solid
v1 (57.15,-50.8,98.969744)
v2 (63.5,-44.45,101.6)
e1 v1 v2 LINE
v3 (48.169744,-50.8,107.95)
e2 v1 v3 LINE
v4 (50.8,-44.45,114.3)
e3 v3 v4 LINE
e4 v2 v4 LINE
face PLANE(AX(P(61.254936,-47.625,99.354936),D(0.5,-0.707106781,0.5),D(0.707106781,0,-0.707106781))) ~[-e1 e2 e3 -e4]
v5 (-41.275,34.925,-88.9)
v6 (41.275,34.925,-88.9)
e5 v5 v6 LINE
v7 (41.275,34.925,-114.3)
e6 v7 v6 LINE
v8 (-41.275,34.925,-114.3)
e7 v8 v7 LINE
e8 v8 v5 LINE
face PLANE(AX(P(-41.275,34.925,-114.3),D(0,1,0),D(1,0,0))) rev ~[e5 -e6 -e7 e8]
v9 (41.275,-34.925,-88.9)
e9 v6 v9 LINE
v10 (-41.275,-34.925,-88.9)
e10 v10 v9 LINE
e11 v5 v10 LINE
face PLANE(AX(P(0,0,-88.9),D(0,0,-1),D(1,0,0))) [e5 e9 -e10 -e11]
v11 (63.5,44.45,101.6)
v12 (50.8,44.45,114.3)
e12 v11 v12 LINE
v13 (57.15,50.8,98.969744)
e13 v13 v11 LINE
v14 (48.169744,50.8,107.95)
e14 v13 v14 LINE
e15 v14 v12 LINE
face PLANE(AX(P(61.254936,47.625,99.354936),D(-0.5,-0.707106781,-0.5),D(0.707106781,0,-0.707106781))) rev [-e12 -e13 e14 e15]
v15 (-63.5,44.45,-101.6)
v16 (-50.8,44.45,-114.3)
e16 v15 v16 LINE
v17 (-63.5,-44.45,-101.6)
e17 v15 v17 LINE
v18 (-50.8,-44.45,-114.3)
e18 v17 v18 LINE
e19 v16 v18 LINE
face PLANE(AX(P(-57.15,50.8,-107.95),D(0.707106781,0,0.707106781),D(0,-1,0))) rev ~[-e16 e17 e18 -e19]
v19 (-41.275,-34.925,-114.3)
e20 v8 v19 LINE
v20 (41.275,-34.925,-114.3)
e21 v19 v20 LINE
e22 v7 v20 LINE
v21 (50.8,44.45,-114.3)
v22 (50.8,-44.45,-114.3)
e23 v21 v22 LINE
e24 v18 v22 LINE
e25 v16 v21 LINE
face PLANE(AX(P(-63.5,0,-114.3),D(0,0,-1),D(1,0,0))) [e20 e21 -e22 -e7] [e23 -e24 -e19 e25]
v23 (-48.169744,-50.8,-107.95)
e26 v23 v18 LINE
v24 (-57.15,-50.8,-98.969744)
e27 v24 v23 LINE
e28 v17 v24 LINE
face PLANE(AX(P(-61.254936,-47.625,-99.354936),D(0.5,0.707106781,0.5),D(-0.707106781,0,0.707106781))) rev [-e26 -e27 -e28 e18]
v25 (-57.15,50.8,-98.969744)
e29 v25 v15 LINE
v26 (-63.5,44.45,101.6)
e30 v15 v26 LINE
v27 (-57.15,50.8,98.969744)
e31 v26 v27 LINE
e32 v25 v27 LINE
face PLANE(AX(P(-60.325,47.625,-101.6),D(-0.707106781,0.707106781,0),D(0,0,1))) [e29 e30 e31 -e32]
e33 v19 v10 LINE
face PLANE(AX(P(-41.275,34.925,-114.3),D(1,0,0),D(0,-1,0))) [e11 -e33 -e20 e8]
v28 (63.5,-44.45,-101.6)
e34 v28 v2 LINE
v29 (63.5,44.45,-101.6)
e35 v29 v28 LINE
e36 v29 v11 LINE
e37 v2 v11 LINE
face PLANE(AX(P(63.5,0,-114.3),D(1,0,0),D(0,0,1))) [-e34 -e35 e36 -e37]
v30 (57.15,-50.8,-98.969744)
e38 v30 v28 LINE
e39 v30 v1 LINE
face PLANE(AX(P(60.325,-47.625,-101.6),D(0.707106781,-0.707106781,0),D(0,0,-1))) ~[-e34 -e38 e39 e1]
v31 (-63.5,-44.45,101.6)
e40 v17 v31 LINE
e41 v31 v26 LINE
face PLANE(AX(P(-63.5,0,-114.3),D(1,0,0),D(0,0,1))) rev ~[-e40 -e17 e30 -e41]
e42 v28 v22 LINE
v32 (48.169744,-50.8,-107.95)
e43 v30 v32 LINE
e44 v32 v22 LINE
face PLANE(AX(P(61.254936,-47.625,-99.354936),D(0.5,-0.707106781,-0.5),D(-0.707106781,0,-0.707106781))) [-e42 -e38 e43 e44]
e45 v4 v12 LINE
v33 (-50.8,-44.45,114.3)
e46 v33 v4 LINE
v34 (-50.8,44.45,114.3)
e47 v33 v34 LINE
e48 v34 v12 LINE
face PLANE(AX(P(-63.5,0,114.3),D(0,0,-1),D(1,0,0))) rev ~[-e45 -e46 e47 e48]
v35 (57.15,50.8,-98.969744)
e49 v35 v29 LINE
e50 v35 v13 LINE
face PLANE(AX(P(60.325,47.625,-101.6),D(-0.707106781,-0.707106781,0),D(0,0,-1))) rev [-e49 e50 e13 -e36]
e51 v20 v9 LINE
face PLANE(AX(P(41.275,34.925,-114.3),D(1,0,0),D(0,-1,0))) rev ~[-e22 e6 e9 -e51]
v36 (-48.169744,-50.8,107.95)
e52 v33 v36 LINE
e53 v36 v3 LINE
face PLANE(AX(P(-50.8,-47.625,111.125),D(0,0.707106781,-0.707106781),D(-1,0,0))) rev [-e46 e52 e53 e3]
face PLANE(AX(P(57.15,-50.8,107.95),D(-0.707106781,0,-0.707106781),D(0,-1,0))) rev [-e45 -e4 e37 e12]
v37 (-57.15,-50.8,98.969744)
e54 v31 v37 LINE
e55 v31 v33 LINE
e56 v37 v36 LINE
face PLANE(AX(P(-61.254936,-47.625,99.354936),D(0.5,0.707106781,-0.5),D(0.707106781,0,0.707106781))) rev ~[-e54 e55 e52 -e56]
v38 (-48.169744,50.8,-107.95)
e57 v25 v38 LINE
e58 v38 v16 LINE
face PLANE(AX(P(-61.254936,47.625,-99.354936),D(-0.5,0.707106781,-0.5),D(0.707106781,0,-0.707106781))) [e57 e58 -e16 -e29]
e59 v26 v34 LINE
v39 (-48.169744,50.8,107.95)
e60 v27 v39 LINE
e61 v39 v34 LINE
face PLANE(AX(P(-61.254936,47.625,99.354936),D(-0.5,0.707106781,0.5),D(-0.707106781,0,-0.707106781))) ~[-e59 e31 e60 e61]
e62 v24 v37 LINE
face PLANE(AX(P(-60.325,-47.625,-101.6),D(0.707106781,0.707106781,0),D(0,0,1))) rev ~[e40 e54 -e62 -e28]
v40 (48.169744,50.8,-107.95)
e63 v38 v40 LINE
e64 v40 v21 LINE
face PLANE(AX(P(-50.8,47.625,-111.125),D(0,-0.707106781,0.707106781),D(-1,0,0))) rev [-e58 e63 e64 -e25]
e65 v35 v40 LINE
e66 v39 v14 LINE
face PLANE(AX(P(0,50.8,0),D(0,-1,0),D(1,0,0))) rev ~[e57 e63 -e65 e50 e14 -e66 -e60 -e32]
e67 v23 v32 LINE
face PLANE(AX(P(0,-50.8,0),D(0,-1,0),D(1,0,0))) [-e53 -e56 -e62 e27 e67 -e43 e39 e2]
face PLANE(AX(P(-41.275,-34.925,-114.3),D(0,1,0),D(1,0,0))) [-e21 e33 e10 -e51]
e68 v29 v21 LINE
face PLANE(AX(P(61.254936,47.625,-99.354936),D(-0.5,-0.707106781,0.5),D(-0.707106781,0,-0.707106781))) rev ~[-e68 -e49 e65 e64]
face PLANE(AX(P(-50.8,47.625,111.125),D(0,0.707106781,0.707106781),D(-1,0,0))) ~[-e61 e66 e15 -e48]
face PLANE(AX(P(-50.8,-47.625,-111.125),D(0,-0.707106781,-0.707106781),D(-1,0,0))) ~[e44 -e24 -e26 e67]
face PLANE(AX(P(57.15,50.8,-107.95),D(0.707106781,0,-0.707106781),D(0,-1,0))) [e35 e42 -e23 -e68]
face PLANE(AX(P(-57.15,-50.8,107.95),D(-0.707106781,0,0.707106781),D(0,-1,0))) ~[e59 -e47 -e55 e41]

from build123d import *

# Parameters (mm, degrees)
F0_W     = 127
F0_H     = 228.6
F1_DEPTH = 50.8
F2_SIZE  = 12.7
F3_SIZE  = 6.35
F4_W     = 82.55
F4_H     = 69.85
F5_DEPTH = 25.4


with BuildPart() as f1:
    # F0 (on Front) → F1 (new body, symmetric)
    with BuildSketch(Plane.XZ):
        Rectangle(F0_W, F0_H)
    extrude(amount=F1_DEPTH, both=True)

    # F2
    f2_edges = [f1.edges().sort_by_distance(p)[0] for p in [
        (-63.5, 0, 114.3),
        (63.5, 0, 114.3),
        (63.5, 0, -114.3),
        (-63.5, 0, -114.3),
    ]]
    chamfer(f2_edges, length=F2_SIZE)

    # F3
    f3_edges = [f1.edges().sort_by_distance(p)[0] for p in [
        (0, -50.8, -114.3),
        (-57.15, -50.8, -107.95),
        (57.15, -50.8, -107.95),
        (-63.5, -50.8, 0),
        (63.5, -50.8, 0),
        (-57.15, -50.8, 107.95),
        (57.15, -50.8, 107.95),
        (0, -50.8, 114.3),
        (0, 50.8, -114.3),
        (-57.15, 50.8, -107.95),
        (57.15, 50.8, -107.95),
        (-63.5, 50.8, 0),
        (63.5, 50.8, 0),
        (-57.15, 50.8, 107.95),
        (57.15, 50.8, 107.95),
        (0, 50.8, 114.3),
    ]]
    chamfer(f3_edges, length=F3_SIZE)

    # F4 (on face) → F5 (cut)
    with BuildSketch(Plane(origin=(0, 0, -114.3), x_dir=(1, 0, 0), z_dir=(0, 0, -1))):
        Rectangle(F4_W, F4_H)
    extrude(amount=-F5_DEPTH, mode=Mode.SUBTRACT)


solid = f1.part
